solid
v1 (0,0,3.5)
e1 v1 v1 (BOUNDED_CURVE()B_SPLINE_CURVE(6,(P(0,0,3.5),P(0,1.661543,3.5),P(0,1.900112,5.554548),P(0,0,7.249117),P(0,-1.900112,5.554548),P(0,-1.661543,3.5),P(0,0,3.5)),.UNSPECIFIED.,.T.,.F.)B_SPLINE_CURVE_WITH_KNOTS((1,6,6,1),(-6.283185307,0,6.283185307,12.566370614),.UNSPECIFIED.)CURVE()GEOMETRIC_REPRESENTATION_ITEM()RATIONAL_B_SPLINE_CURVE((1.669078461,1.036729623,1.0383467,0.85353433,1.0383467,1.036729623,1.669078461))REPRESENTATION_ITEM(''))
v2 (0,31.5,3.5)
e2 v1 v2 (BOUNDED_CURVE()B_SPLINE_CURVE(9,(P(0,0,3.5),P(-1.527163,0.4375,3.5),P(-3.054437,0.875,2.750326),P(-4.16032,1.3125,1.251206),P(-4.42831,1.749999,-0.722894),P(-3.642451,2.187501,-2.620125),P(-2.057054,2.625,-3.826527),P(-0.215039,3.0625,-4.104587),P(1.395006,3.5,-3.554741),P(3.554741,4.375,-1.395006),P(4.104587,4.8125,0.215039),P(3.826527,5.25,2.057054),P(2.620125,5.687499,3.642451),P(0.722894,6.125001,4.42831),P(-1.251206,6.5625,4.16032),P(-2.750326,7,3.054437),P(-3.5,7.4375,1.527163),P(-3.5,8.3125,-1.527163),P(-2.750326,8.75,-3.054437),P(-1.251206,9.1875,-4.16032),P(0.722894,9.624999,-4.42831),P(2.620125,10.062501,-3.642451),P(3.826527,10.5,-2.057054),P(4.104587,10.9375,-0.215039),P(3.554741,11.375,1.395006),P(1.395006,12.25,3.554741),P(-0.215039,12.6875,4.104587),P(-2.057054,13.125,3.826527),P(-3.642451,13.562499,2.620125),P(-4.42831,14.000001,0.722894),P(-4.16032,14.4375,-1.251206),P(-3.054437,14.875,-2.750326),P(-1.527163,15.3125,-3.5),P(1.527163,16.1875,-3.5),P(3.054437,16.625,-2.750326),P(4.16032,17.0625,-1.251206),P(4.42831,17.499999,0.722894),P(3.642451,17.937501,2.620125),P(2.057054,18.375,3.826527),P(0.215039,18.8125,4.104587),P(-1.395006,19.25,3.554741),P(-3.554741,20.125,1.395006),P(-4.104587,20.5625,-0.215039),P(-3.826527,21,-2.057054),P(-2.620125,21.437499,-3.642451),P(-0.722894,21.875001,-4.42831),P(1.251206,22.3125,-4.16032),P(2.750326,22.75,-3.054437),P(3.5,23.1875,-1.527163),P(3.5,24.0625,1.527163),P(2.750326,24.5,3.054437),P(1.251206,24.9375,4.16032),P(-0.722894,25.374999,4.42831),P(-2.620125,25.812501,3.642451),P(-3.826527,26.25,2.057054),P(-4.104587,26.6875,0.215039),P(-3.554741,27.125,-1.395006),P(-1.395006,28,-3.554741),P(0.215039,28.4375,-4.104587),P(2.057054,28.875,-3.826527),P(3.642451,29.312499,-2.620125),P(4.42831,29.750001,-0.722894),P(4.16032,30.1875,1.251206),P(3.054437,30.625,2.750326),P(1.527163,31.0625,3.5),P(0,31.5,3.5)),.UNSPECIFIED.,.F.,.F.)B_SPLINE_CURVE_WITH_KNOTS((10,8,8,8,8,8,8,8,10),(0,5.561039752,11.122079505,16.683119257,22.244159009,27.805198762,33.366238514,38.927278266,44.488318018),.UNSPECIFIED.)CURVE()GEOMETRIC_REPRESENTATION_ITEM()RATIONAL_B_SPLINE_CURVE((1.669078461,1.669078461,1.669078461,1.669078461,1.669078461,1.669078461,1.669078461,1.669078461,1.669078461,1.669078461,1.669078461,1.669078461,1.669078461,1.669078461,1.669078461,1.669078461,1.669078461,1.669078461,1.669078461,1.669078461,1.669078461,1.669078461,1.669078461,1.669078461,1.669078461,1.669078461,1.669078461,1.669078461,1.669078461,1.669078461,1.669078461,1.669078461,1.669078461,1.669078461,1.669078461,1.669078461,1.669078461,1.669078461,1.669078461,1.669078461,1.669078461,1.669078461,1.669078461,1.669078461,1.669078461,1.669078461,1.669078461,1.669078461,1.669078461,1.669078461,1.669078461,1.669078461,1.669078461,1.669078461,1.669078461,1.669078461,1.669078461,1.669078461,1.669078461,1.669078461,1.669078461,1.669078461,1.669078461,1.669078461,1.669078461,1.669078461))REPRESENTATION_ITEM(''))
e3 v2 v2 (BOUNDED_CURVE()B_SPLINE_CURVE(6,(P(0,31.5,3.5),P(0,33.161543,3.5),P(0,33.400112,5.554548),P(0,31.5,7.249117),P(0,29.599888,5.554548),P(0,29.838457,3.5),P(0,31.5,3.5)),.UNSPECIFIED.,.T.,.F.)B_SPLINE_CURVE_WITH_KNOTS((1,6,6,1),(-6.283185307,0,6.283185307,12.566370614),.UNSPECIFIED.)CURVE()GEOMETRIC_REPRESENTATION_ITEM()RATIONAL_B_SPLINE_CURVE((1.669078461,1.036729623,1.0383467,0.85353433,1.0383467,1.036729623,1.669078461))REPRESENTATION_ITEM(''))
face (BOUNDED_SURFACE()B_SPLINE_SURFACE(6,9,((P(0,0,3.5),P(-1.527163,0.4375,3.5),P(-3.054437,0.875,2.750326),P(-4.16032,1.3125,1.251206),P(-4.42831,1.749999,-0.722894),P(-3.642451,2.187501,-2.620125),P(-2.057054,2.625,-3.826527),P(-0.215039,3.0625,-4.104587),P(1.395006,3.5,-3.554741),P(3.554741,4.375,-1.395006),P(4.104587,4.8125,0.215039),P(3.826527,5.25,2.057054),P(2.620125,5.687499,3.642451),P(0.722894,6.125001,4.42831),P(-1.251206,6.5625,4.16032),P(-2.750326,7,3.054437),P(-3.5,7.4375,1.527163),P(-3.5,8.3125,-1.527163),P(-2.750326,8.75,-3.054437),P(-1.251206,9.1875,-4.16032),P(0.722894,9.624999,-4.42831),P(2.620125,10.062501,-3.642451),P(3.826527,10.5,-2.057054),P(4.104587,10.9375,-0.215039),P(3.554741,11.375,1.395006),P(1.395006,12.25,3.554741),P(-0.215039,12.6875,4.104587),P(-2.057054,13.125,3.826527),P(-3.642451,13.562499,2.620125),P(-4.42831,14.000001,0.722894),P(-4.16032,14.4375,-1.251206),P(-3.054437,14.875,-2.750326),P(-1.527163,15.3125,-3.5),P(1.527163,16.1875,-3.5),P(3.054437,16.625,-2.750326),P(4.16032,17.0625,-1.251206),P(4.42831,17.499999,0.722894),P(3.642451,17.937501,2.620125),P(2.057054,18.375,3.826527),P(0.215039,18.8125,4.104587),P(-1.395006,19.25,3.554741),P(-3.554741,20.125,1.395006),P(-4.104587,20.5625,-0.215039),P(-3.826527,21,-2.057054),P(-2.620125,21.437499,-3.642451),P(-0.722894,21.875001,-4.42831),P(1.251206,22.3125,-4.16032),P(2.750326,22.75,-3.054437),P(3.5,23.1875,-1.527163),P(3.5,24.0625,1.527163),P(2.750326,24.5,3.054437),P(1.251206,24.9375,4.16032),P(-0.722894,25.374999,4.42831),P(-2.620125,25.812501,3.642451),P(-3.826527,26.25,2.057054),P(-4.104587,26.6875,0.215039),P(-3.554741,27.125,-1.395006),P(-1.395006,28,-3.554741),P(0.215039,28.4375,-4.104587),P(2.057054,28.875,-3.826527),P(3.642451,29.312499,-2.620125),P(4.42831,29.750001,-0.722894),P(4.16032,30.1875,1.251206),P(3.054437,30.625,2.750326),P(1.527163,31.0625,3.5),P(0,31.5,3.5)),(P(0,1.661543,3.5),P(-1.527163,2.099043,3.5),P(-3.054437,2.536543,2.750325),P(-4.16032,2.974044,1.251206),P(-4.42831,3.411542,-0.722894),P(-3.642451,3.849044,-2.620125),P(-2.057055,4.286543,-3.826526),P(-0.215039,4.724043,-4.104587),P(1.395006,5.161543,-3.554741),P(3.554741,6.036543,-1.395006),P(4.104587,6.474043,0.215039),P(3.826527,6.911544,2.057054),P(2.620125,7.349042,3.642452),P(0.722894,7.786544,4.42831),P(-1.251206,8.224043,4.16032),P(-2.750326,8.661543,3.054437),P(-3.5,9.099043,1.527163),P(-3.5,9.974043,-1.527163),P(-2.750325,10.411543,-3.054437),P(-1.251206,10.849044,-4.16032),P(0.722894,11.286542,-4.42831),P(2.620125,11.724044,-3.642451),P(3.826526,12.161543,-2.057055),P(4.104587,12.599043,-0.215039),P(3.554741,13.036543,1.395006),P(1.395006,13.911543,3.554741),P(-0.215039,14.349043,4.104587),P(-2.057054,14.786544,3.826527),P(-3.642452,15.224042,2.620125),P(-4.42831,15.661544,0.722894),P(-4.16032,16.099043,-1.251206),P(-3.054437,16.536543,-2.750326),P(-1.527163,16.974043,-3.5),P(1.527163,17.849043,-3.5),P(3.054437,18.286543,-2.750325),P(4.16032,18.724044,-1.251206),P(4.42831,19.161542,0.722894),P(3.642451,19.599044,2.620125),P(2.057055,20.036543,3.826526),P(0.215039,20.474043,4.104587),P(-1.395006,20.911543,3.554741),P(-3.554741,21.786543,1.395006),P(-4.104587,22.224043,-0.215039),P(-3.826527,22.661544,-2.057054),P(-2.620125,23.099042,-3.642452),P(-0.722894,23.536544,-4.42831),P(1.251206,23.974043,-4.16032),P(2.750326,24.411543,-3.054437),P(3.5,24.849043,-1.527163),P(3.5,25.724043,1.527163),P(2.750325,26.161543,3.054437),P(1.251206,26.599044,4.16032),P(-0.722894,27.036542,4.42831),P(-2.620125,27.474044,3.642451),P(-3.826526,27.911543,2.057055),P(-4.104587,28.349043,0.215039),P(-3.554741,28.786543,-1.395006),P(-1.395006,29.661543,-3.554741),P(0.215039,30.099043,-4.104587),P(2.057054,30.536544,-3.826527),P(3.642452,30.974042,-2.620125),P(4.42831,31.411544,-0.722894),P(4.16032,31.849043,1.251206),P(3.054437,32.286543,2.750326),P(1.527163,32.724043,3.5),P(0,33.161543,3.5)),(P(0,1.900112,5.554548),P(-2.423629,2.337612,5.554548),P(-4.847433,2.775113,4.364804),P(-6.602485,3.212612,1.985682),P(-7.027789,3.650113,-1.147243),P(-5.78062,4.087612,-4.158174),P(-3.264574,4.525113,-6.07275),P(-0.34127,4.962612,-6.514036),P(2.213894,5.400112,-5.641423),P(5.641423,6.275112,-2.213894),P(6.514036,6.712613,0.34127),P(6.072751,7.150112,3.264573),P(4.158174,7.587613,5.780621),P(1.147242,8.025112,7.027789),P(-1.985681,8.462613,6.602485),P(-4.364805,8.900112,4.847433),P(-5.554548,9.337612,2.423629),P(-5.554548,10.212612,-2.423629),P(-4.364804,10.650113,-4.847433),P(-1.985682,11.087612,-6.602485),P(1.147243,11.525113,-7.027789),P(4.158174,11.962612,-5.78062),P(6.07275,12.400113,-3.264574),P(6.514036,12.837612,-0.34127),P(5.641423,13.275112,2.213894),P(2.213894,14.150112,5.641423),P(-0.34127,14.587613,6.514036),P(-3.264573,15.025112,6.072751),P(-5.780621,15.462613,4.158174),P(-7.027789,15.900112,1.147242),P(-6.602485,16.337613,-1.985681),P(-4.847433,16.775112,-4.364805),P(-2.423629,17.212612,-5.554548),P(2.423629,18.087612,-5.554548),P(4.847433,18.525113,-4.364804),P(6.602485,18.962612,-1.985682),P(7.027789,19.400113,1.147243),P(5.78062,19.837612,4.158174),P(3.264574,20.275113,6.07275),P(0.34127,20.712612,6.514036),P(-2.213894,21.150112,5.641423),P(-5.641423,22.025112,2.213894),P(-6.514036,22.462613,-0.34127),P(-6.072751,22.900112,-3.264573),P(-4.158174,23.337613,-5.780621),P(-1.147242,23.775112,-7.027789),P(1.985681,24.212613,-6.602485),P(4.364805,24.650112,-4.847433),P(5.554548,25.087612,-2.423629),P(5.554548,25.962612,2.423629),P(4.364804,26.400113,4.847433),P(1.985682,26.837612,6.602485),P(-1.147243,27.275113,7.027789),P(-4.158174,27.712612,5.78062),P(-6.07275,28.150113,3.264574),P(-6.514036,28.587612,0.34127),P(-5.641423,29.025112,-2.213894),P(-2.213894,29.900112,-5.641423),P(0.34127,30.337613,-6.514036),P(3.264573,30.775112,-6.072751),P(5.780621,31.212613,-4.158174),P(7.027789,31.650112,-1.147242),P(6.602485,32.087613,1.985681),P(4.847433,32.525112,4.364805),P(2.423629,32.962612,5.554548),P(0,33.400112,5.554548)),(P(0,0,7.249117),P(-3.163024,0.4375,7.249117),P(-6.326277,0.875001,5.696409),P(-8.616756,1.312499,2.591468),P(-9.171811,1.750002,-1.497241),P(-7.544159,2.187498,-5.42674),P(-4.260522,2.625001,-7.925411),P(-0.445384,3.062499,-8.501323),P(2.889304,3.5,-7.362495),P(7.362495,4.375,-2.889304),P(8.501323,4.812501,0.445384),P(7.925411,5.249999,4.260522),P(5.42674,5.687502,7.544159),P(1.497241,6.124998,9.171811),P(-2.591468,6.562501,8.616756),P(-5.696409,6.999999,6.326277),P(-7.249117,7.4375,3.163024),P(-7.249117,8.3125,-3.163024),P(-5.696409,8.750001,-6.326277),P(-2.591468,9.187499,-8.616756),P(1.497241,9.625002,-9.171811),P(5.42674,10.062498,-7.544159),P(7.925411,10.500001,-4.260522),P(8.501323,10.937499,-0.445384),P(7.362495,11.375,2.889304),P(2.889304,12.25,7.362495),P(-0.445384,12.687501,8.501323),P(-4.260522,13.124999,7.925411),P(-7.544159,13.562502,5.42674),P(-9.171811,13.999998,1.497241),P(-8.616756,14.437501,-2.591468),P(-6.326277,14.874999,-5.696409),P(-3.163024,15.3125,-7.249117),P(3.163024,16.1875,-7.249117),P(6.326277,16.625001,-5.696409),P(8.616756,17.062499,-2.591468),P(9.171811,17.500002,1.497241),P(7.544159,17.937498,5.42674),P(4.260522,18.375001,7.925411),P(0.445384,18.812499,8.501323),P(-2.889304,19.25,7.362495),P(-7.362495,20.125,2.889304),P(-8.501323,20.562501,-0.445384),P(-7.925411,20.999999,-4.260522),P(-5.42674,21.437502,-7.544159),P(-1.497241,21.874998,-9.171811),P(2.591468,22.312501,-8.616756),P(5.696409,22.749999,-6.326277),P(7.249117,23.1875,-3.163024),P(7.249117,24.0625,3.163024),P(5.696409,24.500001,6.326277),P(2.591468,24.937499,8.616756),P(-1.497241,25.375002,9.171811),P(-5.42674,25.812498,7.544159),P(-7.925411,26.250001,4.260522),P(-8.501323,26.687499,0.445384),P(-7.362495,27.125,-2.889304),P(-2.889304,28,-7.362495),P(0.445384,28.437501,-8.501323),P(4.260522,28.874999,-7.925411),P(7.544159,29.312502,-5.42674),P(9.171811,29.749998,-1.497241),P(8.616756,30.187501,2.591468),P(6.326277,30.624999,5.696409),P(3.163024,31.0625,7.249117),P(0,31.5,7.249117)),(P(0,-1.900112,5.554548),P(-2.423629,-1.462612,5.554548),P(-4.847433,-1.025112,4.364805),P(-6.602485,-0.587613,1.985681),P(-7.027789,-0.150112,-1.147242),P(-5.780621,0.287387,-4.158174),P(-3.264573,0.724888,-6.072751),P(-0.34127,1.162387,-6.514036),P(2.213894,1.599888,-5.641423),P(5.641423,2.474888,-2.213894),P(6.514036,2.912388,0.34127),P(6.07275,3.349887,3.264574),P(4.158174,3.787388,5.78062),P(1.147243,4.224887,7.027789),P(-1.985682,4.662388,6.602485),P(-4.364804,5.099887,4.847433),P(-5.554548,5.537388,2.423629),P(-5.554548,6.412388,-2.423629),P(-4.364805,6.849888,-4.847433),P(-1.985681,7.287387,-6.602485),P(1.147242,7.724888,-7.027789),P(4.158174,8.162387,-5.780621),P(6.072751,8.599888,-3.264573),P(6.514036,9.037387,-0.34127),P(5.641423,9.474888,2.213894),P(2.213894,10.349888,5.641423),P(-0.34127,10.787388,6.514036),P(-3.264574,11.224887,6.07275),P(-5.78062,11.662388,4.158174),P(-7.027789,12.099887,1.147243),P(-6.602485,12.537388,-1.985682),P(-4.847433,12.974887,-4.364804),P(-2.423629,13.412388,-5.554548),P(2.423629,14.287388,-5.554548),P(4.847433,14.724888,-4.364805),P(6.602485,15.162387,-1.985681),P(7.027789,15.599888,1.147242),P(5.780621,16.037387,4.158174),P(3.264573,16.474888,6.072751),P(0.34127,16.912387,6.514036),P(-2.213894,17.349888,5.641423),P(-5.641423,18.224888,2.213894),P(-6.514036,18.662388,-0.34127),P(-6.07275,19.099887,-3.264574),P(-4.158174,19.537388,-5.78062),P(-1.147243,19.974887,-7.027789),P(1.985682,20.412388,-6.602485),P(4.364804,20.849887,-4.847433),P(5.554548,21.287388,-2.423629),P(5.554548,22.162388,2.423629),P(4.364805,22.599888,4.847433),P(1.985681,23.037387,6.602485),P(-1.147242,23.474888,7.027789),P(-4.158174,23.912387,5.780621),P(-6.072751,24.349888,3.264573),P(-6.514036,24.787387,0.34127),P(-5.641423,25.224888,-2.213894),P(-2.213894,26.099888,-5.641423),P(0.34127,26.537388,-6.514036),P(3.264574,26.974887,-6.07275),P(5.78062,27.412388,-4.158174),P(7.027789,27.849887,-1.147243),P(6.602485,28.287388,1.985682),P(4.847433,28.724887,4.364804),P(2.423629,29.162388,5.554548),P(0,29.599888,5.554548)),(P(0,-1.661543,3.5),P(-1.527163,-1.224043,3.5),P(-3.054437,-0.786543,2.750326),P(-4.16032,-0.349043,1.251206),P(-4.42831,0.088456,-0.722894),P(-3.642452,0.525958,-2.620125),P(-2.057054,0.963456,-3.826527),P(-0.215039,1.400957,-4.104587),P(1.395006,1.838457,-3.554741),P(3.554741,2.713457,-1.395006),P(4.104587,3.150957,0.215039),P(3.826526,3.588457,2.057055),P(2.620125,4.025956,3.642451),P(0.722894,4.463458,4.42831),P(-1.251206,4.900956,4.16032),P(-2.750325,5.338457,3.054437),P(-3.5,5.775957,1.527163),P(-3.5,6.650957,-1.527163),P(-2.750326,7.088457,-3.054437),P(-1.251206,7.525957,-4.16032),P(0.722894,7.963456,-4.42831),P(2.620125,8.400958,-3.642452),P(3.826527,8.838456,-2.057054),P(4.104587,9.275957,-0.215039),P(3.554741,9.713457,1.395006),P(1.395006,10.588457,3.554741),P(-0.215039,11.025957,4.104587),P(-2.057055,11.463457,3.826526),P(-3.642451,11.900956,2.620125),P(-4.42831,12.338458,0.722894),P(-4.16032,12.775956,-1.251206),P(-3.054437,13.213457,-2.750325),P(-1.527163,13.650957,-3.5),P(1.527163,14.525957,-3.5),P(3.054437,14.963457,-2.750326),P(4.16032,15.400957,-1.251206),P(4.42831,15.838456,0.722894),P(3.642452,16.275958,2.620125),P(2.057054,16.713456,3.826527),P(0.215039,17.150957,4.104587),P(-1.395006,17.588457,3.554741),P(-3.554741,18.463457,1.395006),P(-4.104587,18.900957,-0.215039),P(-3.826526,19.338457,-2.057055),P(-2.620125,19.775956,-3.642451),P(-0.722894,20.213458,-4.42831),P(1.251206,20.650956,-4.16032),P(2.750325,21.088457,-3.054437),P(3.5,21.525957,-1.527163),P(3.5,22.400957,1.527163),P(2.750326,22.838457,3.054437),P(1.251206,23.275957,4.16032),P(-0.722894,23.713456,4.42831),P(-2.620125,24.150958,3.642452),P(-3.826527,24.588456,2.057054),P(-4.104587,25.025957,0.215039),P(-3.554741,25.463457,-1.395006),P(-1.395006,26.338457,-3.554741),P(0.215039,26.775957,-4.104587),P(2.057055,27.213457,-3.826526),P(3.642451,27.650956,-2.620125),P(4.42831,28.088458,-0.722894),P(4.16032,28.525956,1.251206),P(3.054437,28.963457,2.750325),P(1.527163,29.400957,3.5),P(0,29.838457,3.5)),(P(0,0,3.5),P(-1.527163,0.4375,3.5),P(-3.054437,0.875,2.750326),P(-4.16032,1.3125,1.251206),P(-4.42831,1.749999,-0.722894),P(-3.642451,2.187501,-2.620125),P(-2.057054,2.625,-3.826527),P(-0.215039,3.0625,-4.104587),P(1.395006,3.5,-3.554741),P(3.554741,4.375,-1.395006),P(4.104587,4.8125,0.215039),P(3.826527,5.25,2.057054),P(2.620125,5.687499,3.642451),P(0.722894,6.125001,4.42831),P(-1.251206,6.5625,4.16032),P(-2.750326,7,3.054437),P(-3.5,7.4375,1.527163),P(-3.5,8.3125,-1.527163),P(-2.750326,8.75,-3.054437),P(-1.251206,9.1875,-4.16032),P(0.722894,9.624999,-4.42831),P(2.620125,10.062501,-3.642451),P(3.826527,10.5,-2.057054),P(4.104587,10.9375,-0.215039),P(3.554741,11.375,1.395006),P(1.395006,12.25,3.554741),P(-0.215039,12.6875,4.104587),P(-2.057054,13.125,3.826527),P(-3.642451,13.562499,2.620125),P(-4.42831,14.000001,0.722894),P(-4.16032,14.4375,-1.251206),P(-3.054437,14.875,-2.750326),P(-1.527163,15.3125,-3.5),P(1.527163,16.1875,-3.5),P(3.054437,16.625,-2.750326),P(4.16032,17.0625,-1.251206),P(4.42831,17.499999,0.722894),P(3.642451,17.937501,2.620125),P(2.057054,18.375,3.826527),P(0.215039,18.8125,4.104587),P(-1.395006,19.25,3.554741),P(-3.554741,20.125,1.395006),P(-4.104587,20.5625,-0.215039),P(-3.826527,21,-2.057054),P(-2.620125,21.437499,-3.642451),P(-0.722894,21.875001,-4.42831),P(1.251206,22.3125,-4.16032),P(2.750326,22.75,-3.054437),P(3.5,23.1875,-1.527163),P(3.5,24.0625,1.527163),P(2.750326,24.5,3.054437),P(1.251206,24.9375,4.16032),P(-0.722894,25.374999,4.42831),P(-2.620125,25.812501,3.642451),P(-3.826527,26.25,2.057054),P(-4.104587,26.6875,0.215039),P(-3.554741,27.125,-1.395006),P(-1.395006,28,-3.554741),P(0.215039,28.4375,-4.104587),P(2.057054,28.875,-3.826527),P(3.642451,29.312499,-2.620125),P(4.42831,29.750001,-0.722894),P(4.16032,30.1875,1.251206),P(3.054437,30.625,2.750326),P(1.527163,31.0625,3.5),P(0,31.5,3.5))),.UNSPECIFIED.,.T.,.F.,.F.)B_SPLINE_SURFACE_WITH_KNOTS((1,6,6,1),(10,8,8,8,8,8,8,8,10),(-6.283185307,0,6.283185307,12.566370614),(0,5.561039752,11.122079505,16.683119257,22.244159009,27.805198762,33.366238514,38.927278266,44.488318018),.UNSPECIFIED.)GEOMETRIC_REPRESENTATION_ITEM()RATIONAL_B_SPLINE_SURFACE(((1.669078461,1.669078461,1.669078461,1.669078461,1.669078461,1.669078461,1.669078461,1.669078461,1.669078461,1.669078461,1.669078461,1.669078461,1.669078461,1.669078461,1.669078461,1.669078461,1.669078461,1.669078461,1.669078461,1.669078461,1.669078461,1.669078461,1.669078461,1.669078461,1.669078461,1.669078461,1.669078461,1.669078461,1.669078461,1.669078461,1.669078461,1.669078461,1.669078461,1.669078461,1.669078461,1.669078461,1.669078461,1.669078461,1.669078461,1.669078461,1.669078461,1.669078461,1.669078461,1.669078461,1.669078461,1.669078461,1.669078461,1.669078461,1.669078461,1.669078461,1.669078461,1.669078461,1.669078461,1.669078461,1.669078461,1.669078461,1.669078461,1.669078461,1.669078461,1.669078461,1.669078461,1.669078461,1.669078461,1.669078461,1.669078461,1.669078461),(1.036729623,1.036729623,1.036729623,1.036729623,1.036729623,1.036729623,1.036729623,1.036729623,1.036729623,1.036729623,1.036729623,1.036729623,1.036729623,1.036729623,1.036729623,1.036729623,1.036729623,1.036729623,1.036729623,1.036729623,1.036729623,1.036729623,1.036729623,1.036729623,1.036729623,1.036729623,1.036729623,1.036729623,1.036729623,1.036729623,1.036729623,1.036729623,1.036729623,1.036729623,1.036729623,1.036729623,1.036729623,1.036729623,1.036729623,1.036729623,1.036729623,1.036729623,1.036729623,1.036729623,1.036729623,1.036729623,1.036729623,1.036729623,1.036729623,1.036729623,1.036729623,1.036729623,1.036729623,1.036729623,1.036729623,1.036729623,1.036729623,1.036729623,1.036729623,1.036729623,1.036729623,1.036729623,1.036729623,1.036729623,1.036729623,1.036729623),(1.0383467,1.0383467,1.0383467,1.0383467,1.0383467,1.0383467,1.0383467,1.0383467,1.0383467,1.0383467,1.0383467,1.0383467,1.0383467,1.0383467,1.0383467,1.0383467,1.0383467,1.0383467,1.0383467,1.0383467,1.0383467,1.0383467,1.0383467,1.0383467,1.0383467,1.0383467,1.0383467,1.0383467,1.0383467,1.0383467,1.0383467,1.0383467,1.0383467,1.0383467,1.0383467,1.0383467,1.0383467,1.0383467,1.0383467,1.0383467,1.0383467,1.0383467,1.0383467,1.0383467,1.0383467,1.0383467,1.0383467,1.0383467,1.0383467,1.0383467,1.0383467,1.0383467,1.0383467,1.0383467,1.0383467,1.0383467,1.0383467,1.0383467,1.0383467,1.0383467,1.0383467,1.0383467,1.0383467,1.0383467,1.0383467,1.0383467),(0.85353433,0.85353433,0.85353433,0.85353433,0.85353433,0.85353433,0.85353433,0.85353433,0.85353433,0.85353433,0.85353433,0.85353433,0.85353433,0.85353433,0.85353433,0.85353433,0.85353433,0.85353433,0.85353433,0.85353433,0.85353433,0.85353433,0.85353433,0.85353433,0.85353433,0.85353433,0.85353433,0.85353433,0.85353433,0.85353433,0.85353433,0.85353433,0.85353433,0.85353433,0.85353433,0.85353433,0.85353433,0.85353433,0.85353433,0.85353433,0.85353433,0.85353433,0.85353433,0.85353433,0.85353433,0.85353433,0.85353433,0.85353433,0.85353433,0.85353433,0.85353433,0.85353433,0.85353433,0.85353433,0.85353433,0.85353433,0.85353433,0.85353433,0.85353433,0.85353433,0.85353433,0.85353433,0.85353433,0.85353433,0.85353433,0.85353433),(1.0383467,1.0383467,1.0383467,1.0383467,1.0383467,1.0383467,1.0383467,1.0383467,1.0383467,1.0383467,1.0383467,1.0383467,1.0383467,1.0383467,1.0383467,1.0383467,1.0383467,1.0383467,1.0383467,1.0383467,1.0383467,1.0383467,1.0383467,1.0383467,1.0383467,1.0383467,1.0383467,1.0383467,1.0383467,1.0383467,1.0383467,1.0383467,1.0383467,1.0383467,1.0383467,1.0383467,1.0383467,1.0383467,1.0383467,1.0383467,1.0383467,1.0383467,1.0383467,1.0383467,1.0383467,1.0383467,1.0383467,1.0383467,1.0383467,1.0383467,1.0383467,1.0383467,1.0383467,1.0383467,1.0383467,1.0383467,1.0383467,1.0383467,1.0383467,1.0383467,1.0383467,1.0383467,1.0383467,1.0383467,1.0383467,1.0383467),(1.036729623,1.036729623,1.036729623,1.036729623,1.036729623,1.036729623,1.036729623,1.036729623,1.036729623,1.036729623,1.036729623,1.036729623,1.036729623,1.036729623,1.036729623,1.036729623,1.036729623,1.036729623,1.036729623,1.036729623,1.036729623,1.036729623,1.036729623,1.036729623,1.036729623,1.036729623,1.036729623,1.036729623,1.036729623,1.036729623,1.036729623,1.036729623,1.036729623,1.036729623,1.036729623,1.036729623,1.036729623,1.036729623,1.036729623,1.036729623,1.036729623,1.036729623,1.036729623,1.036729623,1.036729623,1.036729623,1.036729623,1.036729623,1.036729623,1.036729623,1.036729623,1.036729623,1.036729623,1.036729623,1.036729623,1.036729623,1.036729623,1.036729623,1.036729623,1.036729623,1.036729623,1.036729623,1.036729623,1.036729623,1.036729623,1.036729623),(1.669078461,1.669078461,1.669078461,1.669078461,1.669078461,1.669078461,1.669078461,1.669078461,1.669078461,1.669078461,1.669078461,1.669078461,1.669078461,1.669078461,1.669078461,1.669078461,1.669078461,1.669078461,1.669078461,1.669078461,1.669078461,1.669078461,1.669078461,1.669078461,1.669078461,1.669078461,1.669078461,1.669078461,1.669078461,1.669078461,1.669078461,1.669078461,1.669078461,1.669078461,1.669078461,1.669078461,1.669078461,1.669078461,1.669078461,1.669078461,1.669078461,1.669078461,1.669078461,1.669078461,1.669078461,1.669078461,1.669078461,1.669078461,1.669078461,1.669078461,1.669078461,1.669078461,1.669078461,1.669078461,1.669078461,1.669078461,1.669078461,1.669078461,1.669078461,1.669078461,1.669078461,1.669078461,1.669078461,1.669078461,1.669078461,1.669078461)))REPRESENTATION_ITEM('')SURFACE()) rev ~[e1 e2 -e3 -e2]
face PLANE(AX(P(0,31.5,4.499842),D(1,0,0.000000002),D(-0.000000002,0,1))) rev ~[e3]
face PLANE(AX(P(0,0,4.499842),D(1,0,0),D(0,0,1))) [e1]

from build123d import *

# Parameters (mm, degrees)
SWEEP_1_PITCH  = 6.3
SWEEP_1_HEIGHT = 31.5
SWEEP_1_RADIUS = 4.5
SKETCH_2_R     = 1


with BuildPart() as part:
    # 扫描1: sweep along a helix
    with BuildLine() as sweep_1_path:
        Helix(SWEEP_1_PITCH, SWEEP_1_HEIGHT, SWEEP_1_RADIUS, center=(0, 0, 0), direction=(0, 1, 0), lefthand=True)
    # 草图2 → 扫描1 (sweep)
    with BuildSketch(Plane(origin=(0, 0, 0), x_dir=(0, 0, -1), z_dir=(1, 0, 0))):
        with Locations((-4.5, 0)):
            Circle(SKETCH_2_R)
    sweep(path=sweep_1_path.line, is_frenet=True)


solid = part.part
